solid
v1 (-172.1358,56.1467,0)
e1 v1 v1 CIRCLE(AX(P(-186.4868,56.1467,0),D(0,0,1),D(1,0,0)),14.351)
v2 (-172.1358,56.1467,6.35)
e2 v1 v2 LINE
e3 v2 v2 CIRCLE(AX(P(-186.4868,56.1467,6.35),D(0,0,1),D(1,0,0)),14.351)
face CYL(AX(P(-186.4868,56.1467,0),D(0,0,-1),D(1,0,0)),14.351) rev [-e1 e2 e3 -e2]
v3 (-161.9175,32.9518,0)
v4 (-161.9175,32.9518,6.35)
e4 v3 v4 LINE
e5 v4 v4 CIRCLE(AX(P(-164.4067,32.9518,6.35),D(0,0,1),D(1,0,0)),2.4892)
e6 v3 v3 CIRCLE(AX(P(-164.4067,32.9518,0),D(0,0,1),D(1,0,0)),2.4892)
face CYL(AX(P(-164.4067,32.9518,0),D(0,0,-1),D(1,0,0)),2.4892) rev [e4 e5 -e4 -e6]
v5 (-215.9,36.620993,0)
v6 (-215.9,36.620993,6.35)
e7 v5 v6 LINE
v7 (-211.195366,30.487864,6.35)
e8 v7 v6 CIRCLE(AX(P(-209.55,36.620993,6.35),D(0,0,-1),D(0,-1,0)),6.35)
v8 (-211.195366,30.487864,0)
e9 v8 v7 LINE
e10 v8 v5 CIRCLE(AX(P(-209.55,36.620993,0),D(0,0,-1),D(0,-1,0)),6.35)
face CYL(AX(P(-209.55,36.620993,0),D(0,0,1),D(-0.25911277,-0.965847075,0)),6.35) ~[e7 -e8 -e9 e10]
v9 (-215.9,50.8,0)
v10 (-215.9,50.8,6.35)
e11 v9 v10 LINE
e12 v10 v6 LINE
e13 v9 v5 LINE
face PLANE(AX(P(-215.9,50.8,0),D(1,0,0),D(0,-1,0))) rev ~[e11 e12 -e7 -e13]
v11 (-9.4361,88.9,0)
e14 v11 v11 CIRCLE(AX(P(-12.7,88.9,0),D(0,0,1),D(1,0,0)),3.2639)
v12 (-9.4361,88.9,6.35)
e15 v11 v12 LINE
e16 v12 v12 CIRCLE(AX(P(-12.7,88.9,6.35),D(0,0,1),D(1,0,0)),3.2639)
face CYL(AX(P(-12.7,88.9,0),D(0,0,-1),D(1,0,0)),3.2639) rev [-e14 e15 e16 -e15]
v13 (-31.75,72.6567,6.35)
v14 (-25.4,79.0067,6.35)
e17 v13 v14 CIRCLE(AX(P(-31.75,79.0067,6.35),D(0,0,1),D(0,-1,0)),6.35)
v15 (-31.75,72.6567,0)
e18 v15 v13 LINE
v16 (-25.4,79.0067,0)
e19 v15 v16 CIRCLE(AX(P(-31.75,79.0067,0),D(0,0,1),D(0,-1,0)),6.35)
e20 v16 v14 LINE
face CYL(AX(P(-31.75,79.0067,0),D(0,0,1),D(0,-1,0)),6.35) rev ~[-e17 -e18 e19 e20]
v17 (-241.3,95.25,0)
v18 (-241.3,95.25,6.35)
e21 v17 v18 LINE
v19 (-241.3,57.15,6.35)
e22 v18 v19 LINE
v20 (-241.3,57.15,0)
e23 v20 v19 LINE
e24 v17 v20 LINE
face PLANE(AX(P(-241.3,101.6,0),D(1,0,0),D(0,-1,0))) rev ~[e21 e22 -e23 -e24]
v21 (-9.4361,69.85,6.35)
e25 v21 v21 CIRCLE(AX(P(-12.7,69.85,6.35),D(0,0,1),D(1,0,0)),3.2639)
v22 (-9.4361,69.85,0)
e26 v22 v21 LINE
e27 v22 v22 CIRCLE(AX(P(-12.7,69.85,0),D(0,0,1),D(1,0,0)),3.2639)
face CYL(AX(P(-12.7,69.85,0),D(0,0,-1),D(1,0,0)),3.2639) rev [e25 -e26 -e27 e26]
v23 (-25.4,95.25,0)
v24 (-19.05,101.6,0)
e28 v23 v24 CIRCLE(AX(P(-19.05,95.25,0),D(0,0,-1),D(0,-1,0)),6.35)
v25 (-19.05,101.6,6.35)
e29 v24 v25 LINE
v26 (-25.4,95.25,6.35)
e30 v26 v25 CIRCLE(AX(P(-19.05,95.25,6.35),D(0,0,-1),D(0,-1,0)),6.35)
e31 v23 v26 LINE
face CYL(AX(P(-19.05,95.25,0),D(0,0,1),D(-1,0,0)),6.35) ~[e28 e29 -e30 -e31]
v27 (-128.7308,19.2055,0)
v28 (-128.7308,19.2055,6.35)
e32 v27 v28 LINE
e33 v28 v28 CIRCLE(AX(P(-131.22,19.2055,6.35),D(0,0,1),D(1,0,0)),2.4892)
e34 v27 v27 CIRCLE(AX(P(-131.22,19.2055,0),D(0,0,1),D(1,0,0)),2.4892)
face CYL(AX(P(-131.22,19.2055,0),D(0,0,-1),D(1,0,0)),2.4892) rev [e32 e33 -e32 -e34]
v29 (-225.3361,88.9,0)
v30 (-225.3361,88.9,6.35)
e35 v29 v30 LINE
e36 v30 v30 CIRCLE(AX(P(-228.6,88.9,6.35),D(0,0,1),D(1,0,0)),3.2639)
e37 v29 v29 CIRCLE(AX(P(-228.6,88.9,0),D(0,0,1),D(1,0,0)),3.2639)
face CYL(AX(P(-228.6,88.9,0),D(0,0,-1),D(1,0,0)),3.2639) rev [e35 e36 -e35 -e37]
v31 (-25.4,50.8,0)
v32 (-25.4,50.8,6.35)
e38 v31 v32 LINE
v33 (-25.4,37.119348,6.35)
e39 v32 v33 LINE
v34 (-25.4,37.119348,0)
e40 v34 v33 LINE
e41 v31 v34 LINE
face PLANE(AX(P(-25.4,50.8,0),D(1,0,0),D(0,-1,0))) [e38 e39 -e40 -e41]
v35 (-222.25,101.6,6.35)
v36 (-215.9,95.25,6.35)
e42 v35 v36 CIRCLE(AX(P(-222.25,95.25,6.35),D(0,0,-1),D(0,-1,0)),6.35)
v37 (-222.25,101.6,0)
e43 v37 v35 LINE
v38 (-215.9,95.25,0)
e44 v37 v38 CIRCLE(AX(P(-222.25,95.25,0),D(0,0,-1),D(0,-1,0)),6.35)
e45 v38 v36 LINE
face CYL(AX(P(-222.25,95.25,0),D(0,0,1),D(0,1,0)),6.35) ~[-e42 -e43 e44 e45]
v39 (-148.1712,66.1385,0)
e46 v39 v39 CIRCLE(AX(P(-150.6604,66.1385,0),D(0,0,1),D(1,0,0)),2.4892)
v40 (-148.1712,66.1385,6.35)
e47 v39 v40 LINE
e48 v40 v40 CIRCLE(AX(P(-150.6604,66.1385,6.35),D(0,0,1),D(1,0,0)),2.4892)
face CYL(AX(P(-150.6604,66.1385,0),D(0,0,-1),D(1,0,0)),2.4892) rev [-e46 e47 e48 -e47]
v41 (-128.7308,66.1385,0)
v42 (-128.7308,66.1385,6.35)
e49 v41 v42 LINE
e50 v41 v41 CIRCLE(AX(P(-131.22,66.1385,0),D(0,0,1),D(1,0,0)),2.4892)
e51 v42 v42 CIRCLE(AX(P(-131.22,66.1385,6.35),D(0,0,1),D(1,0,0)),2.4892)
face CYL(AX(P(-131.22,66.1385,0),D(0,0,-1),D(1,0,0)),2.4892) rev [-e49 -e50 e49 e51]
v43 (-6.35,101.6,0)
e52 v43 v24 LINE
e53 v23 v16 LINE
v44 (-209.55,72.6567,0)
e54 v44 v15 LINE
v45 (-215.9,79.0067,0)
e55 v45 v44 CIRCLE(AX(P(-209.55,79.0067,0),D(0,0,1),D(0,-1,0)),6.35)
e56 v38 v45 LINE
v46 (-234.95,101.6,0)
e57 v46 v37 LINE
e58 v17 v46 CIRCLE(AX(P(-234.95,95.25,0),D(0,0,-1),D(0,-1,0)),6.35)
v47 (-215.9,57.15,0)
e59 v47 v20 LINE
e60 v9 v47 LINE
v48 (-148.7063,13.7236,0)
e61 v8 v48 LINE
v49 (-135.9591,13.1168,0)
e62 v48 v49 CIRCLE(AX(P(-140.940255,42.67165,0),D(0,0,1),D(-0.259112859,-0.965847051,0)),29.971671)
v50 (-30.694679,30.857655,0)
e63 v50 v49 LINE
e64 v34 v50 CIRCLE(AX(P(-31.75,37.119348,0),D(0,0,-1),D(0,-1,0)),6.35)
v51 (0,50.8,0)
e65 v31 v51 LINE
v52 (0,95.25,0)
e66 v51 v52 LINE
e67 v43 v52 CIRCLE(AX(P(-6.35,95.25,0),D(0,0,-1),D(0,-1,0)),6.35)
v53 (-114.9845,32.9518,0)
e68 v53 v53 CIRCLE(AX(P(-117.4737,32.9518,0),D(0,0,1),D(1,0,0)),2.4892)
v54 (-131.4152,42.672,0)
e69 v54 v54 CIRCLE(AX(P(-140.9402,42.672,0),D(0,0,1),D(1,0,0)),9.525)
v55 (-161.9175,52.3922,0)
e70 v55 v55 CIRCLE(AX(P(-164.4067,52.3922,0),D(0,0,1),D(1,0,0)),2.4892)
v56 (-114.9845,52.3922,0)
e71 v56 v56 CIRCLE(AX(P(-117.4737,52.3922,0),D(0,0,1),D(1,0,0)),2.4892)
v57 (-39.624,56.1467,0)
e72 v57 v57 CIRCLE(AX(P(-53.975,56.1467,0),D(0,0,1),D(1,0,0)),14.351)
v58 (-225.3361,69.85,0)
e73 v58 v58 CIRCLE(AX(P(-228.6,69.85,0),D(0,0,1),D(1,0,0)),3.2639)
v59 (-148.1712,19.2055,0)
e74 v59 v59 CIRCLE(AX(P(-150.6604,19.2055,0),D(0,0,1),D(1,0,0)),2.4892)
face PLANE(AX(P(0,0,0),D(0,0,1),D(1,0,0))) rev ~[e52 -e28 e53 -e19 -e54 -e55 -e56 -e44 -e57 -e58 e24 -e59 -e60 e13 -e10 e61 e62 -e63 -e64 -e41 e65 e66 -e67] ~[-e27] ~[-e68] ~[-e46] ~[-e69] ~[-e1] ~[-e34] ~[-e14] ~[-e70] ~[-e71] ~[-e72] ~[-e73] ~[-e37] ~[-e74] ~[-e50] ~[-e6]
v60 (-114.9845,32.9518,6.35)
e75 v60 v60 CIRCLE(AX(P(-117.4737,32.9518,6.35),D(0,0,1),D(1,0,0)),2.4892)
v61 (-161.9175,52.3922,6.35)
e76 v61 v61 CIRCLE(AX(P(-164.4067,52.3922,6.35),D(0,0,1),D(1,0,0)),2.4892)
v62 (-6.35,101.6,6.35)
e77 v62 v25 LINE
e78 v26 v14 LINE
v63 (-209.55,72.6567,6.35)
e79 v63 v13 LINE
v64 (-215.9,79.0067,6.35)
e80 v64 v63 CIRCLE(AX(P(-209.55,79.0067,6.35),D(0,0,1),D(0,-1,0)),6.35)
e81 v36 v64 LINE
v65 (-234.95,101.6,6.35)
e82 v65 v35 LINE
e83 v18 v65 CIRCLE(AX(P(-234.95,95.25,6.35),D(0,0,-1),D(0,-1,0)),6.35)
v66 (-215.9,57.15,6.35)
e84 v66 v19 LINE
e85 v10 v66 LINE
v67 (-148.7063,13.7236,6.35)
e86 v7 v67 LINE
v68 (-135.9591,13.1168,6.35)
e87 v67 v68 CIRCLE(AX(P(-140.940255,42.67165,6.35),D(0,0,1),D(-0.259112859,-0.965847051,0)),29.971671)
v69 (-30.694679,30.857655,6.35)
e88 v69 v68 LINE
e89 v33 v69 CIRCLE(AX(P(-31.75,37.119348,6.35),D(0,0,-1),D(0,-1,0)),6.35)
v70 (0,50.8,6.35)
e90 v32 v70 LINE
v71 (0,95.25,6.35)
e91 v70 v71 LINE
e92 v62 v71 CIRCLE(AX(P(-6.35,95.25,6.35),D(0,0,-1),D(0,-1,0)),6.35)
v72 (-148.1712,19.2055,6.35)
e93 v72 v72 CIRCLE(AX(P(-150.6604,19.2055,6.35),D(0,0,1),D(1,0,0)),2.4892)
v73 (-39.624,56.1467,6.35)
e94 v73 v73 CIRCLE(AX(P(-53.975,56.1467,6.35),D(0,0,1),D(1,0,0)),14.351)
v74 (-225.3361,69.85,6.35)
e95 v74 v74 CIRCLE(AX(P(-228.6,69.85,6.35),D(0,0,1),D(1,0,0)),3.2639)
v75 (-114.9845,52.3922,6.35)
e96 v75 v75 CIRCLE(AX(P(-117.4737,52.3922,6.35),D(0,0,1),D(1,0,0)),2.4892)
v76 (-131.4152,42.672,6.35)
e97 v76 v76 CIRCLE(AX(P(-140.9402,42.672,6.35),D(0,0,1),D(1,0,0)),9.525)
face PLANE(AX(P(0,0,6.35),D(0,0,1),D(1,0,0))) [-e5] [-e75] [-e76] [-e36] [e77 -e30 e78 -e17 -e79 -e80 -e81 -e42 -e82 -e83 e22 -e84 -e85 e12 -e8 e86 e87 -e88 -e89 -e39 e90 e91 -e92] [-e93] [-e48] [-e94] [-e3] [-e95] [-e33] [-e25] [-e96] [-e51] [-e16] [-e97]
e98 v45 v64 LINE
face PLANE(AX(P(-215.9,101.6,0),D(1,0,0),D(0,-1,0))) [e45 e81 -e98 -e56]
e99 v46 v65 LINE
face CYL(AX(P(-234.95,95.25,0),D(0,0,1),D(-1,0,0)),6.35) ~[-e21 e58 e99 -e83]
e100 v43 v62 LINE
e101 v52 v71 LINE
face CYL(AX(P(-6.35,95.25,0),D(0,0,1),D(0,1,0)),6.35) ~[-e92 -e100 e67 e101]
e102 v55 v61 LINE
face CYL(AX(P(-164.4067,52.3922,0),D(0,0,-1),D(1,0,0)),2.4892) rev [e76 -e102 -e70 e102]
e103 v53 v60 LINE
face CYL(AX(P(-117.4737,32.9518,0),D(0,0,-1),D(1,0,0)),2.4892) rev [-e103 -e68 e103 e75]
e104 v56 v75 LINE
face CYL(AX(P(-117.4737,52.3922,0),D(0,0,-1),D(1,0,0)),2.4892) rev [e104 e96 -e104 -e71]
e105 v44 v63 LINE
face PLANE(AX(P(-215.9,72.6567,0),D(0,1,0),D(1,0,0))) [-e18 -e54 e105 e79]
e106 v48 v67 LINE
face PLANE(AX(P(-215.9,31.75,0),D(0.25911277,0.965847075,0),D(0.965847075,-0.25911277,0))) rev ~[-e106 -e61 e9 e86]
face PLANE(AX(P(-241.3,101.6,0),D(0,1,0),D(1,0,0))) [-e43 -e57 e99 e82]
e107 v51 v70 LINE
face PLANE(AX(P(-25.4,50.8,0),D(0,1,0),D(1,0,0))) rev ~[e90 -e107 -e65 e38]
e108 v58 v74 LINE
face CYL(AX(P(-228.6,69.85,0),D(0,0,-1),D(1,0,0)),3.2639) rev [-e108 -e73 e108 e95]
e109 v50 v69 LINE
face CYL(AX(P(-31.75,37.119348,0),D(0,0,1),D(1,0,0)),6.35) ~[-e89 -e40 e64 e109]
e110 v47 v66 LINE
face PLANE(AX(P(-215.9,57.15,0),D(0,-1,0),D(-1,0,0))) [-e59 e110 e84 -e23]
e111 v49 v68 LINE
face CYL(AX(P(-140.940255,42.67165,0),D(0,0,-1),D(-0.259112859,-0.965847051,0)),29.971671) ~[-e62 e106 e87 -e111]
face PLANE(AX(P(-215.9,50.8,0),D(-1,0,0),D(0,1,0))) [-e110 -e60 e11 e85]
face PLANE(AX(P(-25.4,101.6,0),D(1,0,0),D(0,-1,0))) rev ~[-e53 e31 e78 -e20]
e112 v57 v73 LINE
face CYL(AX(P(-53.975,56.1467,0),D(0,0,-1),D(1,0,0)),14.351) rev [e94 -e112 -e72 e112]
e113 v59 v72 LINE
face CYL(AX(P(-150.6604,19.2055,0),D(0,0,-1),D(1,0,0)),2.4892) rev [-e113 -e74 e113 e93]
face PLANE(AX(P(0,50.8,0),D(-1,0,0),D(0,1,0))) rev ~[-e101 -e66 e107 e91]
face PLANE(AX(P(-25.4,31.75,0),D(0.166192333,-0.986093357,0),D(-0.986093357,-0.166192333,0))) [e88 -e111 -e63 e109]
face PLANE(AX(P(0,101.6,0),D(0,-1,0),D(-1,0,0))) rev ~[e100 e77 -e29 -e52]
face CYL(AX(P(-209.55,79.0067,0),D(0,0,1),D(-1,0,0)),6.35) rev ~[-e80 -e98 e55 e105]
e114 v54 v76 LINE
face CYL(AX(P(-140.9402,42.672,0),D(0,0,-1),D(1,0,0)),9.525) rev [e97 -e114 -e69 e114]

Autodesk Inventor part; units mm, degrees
ref_plane "YZ Plane" through (0, 0, 0) normal (1, 0, 0) x (0, 1, 0)
ref_plane "XZ Plane" through (0, 0, 0) normal (0, 1, 0) x (-1, 0, 0)
ref_plane "XY Plane" through (0, 0, 0) normal (0, 0, 1) x (1, 0, 0)
sketch "Sketch1" plane through (0, 0, 0) normal (0, 0, 1) x (1, 0, 0)
  line L0 (0, 0) -> (-812.8, 0) construction
  line L1 (-812.8, 0) -> (-812.8, 50.8) construction
  line L2 (-812.8, 50.8) -> (0, 50.8) construction
  line L3 (0, 50.8) -> (0, 0) construction
  circle A0 centre (-279.4, 50.8) radius 25.4 construction
  circle A1 centre (-279.4, 200.025) radius 25.4 construction
  line L4 (-241.3, 50.8) -> (-215.9, 50.8) construction
  line L5 (-215.9, 50.8) -> (-215.9, 0) construction
  line L6 (-215.9, 0) -> (-241.3, 0) construction
  line L7 (-241.3, 0) -> (-241.3, 50.8) construction
  line L8 (-355.6, 0) -> (-330.2, 0) construction
  line L9 (-330.2, 0) -> (-330.2, 762) construction
  line L10 (-330.2, 762) -> (-355.6, 762) construction
  line L11 (-355.6, 762) -> (-355.6, 0) construction
  line L12 (-241.3, 50.8) -> (-215.9, 50.8) construction
  line L13 (0, 50.8) -> (-25.4, 50.8) construction
  line L14 (-25.4, 50.8) -> (-25.4, 0) construction
  line L15 (-25.4, 0) -> (0, 0) construction
  line L16 (0, 0) -> (0, 50.8) construction
  circle A2 centre (-186.4868, 56.1467) radius 14.351
  circle A3 centre (-53.975, 56.1467) radius 14.351
  circle A4 centre (-186.4868, 56.1467) radius 17.5133 construction
  line L17 (-279.4, 76.2) -> (3.6052, 76.2) construction
  circle A5 centre (-186.4868, 56.1467) radius 20.0533 construction
  line L18 (-215.9, 50.8) -> (-241.3, 50.8) construction
  line L19 (-241.3, 50.8) -> (-241.3, 101.6) construction
  line L20 (-215.9, 101.6) -> (-215.9, 50.8) construction
  circle A6 centre (-53.975, 56.1467) radius 20.0533 construction
  line L21 (-25.4, 50.8) -> (0, 50.8)
  circle A7 centre (-228.6, 69.85) radius 3.2639
  circle A8 centre (-12.7, 69.85) radius 3.2639
  circle A9 centre (-186.4868, 56.1467) radius 16.51 construction
  circle A10 centre (-53.975, 56.1467) radius 16.51 construction
  line L22 (-215.9, 72.6567) -> (-25.4, 72.6567)
  circle A11 centre (-12.7, 88.9) radius 3.2639
  line L23 (0, 50.8) -> (0, 101.6)
  line L24 (0, 101.6) -> (-25.4, 101.6)
  line L25 (-25.4, 101.6) -> (-25.4, 72.6567)
  line L26 (-215.9, 50.8) -> (-241.3, 50.8)
  line L27 (-241.3, 101.6) -> (-241.3, 50.8)
  line L28 (-241.3, 101.6) -> (-215.9, 101.6)
  line L29 (-215.9, 101.6) -> (-215.9, 72.6567)
  circle A12 centre (-140.9402, 42.672) radius 29.972 construction
  circle A13 centre (-140.9402, 42.672) radius 25.4 construction
  circle A14 centre (-140.9402, 42.672) radius 9.525
  circle A15 centre (-131.22, 66.1385) radius 2.4892
  circle A16 centre (-150.6604, 66.1385) radius 2.4892
  circle A17 centre (-164.4067, 52.3922) radius 2.4892
  circle A18 centre (-164.4067, 32.9518) radius 2.4892
  circle A19 centre (-150.6604, 19.2055) radius 2.4892
  circle A20 centre (-131.22, 19.2055) radius 2.4892
  circle A21 centre (-140.9402, 42.672) radius 10.16 construction
  line L30 (-140.9402, 0) -> (-140.9402, 12.7) construction
  line L31 (-25.4, 50.8) -> (-25.4, 31.75)
  line L32 (-25.4, 31.75) -> (-135.9591, 13.1168)
  line L33 (-215.9, 50.8) -> (-215.9, 31.75)
  line L34 (-215.9, 31.75) -> (-148.7063, 13.7236)
  arc A22 (-148.7063, 13.7236) -> (-135.9591, 13.1168) centre (-140.9402, 42.672) ccw
  circle A23 centre (-228.6, 88.9) radius 3.2639
  circle A24 centre (-117.4737, 32.9518) radius 2.4892
  circle A25 centre (-117.4737, 52.3922) radius 2.4892
  line L35 (-241.3, 50.8) -> (-215.9, 50.8)
  line L36 (-215.9, 50.8) -> (-215.9, 57.15)
  line L37 (-215.9, 57.15) -> (-241.3, 57.15)
  line L38 (-241.3, 57.15) -> (-241.3, 50.8)
  point P0 (0, 25.4)
  point P1 (-171.4526, 62.9697)
  point P2 (-186.4868, 72.6567)
  dimension "d2" = 50.8
  dimension "d59" = 50.8
  dimension "d0" = 812.8
  dimension "d1" = 50.8
  dimension "d4" = 279.4
  dimension "d5" = 25.4
  dimension "d6" = 215.9
  dimension "d7" = 25.4
  dimension "d8" = 762
  dimension "d9" = 330.2
  dimension "d13" = 25.4
  dimension "d14" = 50.8
  dimension "d15" = 28.702
  dimension "d16" = 35.0266
  dimension "d17" = 2.54
  dimension "d26" = 132.5118
  dimension "d34" = 28.575
  dimension "d38" = 6.5278
  dimension "d39" = 19.05
  dimension "d40" = 12.7
  dimension "d47" = 33.02
  dimension "d48" = 19.05
  dimension "d50" = 19.05
  dimension "d51" = 25.4
  dimension "d52" = 50.8
  dimension "d54" = 12.7
  dimension "d55" = 50.8
  dimension "d58" = 59.944
  dimension "d60" = 19.05
  dimension "d61" = 4.9784
  dimension "d64" = 360
  dimension "d66" = 20.32
  dimension "d68" = 12.7
  dimension "d69" = 47.498
  dimension "d70" = 25.4
  dimension "d71" = 19.05
  dimension "d72" = 19.05
  dimension "d73" = 19.05
  dimension "d75" = 25.4
  dimension "d76" = 6.35
extrude "Extrusion1" add sketch "Sketch1" along normal blind 6.35 contours L31 L32 A22 L34 L33 L36 L37 L27 L28 L29 L22 L25 L24 L23 L21
fillet "Fillet2" radius 6.35 8 edges at (-215.9, 72.6567, 3.175) (-25.4, 72.6567, 3.175) (-241.3, 101.6, 3.175) (-215.9, 101.6, 3.175) (0, 101.6, 3.175) (-25.4, 101.6, 3.175) (-25.4, 31.75, 3.175) (-215.9, 31.75, 3.175)
properties part number "INDX_004_shufflePlate" material "Aluminum 6061"
